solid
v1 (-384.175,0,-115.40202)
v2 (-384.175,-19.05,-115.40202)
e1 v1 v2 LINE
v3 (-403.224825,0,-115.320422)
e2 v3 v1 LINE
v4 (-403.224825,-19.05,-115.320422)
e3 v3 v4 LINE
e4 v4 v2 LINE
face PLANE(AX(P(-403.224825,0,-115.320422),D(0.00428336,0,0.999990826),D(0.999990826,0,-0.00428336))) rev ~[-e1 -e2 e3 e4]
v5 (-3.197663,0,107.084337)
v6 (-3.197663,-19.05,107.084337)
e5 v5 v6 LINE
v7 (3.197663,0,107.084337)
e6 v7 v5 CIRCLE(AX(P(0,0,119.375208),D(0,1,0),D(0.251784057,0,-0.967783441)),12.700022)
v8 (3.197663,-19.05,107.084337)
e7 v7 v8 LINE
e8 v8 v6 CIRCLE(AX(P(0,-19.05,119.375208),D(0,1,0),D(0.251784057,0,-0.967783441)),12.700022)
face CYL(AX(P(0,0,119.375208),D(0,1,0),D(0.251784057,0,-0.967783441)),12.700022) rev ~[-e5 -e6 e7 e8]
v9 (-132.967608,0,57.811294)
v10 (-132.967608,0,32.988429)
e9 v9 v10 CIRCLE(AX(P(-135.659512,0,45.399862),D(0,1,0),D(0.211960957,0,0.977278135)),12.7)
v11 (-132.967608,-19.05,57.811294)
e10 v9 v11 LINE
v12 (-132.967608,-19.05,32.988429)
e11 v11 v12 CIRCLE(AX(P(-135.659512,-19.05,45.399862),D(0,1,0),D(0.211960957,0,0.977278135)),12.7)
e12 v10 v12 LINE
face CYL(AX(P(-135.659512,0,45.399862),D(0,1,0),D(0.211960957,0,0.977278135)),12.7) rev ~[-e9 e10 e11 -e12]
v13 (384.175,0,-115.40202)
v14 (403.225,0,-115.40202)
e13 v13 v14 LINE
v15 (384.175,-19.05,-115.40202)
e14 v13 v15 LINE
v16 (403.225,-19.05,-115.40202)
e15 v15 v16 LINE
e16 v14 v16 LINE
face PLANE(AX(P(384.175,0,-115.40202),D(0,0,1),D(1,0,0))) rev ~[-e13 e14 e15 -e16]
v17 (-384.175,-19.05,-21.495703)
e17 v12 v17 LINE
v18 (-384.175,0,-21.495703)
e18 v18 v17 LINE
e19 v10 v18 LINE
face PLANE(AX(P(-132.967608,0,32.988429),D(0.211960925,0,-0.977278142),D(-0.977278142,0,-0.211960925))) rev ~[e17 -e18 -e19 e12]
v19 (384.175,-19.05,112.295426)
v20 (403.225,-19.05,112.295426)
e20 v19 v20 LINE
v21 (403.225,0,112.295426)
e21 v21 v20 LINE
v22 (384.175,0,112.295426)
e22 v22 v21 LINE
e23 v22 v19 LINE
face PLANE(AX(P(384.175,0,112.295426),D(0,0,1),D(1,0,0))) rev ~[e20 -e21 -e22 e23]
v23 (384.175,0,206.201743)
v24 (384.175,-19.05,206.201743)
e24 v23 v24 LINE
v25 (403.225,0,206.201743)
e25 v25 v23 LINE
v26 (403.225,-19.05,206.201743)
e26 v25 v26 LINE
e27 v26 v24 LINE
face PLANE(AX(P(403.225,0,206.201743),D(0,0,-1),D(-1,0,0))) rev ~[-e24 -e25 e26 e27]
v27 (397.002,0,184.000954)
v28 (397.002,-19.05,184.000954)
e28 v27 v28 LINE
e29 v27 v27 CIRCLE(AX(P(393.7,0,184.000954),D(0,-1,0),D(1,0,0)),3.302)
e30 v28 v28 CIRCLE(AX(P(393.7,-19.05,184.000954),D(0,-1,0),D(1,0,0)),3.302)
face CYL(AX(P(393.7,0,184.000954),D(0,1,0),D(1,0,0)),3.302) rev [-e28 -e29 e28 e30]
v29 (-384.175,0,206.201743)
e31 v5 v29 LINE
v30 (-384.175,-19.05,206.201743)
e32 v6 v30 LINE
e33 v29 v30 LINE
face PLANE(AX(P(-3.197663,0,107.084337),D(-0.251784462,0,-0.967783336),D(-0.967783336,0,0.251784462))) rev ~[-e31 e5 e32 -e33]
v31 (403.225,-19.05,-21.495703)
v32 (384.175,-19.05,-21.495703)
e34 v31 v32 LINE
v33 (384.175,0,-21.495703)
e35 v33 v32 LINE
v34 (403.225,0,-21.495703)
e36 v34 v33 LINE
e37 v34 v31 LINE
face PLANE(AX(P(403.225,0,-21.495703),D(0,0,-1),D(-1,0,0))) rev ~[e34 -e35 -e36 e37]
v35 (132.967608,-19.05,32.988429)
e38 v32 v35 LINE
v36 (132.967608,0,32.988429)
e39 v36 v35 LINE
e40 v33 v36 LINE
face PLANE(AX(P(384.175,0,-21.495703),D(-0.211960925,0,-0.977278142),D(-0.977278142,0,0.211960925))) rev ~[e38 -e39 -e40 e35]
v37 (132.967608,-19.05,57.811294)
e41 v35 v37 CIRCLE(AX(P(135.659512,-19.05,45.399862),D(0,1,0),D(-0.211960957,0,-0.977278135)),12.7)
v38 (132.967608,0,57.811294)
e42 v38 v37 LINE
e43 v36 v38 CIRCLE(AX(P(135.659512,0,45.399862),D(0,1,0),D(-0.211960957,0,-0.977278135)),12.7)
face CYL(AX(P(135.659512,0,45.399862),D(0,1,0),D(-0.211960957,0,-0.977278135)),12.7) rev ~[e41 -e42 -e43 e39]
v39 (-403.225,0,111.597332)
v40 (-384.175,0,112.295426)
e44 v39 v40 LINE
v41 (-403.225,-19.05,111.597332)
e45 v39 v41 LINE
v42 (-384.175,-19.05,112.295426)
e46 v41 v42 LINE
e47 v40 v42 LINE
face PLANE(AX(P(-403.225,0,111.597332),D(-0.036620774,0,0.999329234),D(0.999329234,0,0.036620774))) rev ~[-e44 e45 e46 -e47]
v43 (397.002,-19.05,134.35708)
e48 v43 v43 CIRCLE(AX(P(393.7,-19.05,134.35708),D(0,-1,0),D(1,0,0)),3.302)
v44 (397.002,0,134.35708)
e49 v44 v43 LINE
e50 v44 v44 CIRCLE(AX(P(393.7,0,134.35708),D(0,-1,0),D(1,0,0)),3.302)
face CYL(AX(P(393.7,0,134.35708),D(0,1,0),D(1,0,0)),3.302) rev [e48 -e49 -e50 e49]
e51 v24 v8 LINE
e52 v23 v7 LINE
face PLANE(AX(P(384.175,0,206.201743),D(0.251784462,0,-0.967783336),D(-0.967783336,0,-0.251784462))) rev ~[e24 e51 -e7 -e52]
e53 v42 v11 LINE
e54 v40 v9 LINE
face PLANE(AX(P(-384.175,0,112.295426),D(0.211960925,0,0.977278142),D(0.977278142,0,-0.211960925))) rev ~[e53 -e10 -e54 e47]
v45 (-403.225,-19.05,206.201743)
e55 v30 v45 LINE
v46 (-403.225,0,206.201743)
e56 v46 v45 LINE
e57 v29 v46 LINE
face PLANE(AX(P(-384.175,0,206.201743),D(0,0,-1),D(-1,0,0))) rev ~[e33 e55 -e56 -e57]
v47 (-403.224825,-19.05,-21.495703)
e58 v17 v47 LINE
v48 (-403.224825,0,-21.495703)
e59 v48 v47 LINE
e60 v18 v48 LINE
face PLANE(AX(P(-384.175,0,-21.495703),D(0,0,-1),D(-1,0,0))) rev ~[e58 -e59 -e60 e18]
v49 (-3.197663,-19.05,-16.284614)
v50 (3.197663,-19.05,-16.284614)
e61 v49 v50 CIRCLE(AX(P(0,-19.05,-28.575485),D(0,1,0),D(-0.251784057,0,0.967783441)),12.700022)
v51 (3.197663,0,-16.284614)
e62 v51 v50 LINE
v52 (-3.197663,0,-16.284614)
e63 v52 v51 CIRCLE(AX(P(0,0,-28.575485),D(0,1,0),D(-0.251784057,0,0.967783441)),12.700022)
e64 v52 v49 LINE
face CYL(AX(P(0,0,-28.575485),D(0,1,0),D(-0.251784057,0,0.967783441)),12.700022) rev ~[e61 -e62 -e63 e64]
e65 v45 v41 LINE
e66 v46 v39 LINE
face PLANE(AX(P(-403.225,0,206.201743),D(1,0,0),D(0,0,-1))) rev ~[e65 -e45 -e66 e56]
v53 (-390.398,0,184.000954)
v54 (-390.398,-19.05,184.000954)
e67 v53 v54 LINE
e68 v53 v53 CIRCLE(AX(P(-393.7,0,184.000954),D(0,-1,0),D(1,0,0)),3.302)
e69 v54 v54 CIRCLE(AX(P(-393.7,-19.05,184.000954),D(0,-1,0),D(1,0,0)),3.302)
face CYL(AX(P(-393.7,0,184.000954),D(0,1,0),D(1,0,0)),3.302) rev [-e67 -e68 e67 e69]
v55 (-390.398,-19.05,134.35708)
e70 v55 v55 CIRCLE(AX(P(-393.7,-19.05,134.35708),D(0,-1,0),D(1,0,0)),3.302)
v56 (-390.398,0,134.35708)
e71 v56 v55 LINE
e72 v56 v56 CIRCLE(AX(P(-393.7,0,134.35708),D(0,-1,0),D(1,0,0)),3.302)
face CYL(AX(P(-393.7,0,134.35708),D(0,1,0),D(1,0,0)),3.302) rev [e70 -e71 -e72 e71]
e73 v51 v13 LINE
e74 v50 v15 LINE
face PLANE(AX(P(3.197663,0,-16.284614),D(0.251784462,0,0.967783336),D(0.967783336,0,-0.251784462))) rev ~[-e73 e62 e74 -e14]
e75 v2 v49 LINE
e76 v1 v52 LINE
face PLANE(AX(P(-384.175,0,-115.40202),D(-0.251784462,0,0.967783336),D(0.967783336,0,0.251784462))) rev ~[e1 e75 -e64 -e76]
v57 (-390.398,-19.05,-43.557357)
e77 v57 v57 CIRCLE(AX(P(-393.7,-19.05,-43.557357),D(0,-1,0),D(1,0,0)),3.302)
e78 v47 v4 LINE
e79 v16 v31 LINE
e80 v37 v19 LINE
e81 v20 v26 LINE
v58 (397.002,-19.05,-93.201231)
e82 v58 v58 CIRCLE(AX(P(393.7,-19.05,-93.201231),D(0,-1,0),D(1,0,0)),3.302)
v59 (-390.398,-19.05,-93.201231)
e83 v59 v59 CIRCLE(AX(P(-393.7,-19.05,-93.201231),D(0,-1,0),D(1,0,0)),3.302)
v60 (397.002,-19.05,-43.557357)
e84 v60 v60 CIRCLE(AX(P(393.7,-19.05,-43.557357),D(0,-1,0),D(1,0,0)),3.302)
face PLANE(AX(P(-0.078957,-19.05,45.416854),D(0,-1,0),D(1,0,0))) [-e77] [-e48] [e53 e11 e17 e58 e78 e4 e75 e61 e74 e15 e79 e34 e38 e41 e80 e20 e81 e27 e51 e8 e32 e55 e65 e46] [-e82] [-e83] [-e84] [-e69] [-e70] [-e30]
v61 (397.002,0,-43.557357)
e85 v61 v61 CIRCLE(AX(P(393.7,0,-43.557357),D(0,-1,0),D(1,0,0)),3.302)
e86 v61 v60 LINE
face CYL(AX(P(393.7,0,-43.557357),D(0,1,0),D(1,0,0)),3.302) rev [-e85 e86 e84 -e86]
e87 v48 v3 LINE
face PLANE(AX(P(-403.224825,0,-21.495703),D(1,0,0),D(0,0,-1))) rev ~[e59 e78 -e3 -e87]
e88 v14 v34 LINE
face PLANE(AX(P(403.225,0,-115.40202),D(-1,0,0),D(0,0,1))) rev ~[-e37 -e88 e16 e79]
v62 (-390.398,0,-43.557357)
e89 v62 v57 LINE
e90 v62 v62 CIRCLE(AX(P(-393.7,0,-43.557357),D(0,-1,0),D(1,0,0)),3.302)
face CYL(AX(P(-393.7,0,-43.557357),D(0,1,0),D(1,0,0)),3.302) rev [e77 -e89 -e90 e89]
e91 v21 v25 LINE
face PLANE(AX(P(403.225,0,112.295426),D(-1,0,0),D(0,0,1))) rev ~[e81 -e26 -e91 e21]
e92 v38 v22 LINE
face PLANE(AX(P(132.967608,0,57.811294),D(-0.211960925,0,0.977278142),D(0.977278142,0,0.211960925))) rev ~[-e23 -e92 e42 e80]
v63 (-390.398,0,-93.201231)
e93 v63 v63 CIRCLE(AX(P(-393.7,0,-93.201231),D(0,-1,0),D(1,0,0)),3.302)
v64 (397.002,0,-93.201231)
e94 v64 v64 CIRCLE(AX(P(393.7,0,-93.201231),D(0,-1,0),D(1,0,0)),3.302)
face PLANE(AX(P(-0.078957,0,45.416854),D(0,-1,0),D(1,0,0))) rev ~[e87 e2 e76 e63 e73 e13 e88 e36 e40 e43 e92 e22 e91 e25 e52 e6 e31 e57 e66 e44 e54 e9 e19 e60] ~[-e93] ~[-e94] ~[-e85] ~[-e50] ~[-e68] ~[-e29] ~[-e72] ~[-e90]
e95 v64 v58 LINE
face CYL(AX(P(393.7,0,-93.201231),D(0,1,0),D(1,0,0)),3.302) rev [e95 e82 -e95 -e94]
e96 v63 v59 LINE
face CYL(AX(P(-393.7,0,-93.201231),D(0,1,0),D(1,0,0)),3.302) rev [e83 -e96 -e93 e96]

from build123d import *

# Parameters (mm, degrees)
F1_DEPTH = 19.05
F2_R     = 3.302
F3_DEPTH = 19.05


with BuildPart() as f1:
    # F0 (on Front) → F1 (new body)
    with BuildSketch(Plane.XZ):
        with BuildLine():
            Line((-403.225, 111.597332), (-384.175, 112.295426))
            Line((-384.175, 112.295426), (-132.967608, 57.811294))
            ThreePointArc((-132.967608, 57.811294), (-122.959512, 45.399862), (-132.967608, 32.988429))
            Line((-132.967608, 32.988429), (-384.175, -21.495703))
            Line((-384.175, -21.495703), (-403.224825, -21.495703))
            Line((-403.224825, -21.495703), (-403.224825, -115.320422))
            Line((-403.224825, -115.320422), (-384.175, -115.40202))
            Line((-384.175, -115.40202), (-3.197663, -16.284614))
            ThreePointArc((-3.197663, -16.284614), (0, -15.875463), (3.197663, -16.284614))
            Line((3.197663, -16.284614), (384.175, -115.40202))
            Line((384.175, -115.40202), (403.225, -115.40202))
            Line((403.225, -115.40202), (403.225, -21.495703))
            Line((403.225, -21.495703), (384.175, -21.495703))
            Line((384.175, -21.495703), (132.967608, 32.988429))
            ThreePointArc((132.967608, 32.988429), (122.959512, 45.399862), (132.967608, 57.811294))
            Line((132.967608, 57.811294), (384.175, 112.295426))
            Line((384.175, 112.295426), (403.225, 112.295426))
            Line((403.225, 112.295426), (403.225, 206.201743))
            Line((403.225, 206.201743), (384.175, 206.201743))
            Line((384.175, 206.201743), (3.197663, 107.084337))
            ThreePointArc((3.197663, 107.084337), (0, 106.675186), (-3.197663, 107.084337))
            Line((-3.197663, 107.084337), (-384.175, 206.201743))
            Line((-384.175, 206.201743), (-403.225, 206.201743))
            Line((-403.225, 206.201743), (-403.225, 111.597332))
        make_face()
    extrude(amount=F1_DEPTH)

    # F2 (on face) → F3 (cut, through all)
    with BuildSketch(Plane.XZ):
        with Locations((393.7, 184.000954)):
            Circle(F2_R)
        with Locations((393.7, 134.35708)):
            Circle(F2_R)
        with Locations((-393.7, 184.000954)):
            Circle(F2_R)
        with Locations((-393.7, 134.35708)):
            Circle(F2_R)
        with Locations((393.7, -43.557357)):
            Circle(F2_R)
        with Locations((393.7, -93.201231)):
            Circle(F2_R)
        with Locations((-393.7, -93.201231)):
            Circle(F2_R)
        with Locations((-393.7, -43.557357)):
            Circle(F2_R)
    extrude(amount=F3_DEPTH, mode=Mode.SUBTRACT)


solid = f1.part
